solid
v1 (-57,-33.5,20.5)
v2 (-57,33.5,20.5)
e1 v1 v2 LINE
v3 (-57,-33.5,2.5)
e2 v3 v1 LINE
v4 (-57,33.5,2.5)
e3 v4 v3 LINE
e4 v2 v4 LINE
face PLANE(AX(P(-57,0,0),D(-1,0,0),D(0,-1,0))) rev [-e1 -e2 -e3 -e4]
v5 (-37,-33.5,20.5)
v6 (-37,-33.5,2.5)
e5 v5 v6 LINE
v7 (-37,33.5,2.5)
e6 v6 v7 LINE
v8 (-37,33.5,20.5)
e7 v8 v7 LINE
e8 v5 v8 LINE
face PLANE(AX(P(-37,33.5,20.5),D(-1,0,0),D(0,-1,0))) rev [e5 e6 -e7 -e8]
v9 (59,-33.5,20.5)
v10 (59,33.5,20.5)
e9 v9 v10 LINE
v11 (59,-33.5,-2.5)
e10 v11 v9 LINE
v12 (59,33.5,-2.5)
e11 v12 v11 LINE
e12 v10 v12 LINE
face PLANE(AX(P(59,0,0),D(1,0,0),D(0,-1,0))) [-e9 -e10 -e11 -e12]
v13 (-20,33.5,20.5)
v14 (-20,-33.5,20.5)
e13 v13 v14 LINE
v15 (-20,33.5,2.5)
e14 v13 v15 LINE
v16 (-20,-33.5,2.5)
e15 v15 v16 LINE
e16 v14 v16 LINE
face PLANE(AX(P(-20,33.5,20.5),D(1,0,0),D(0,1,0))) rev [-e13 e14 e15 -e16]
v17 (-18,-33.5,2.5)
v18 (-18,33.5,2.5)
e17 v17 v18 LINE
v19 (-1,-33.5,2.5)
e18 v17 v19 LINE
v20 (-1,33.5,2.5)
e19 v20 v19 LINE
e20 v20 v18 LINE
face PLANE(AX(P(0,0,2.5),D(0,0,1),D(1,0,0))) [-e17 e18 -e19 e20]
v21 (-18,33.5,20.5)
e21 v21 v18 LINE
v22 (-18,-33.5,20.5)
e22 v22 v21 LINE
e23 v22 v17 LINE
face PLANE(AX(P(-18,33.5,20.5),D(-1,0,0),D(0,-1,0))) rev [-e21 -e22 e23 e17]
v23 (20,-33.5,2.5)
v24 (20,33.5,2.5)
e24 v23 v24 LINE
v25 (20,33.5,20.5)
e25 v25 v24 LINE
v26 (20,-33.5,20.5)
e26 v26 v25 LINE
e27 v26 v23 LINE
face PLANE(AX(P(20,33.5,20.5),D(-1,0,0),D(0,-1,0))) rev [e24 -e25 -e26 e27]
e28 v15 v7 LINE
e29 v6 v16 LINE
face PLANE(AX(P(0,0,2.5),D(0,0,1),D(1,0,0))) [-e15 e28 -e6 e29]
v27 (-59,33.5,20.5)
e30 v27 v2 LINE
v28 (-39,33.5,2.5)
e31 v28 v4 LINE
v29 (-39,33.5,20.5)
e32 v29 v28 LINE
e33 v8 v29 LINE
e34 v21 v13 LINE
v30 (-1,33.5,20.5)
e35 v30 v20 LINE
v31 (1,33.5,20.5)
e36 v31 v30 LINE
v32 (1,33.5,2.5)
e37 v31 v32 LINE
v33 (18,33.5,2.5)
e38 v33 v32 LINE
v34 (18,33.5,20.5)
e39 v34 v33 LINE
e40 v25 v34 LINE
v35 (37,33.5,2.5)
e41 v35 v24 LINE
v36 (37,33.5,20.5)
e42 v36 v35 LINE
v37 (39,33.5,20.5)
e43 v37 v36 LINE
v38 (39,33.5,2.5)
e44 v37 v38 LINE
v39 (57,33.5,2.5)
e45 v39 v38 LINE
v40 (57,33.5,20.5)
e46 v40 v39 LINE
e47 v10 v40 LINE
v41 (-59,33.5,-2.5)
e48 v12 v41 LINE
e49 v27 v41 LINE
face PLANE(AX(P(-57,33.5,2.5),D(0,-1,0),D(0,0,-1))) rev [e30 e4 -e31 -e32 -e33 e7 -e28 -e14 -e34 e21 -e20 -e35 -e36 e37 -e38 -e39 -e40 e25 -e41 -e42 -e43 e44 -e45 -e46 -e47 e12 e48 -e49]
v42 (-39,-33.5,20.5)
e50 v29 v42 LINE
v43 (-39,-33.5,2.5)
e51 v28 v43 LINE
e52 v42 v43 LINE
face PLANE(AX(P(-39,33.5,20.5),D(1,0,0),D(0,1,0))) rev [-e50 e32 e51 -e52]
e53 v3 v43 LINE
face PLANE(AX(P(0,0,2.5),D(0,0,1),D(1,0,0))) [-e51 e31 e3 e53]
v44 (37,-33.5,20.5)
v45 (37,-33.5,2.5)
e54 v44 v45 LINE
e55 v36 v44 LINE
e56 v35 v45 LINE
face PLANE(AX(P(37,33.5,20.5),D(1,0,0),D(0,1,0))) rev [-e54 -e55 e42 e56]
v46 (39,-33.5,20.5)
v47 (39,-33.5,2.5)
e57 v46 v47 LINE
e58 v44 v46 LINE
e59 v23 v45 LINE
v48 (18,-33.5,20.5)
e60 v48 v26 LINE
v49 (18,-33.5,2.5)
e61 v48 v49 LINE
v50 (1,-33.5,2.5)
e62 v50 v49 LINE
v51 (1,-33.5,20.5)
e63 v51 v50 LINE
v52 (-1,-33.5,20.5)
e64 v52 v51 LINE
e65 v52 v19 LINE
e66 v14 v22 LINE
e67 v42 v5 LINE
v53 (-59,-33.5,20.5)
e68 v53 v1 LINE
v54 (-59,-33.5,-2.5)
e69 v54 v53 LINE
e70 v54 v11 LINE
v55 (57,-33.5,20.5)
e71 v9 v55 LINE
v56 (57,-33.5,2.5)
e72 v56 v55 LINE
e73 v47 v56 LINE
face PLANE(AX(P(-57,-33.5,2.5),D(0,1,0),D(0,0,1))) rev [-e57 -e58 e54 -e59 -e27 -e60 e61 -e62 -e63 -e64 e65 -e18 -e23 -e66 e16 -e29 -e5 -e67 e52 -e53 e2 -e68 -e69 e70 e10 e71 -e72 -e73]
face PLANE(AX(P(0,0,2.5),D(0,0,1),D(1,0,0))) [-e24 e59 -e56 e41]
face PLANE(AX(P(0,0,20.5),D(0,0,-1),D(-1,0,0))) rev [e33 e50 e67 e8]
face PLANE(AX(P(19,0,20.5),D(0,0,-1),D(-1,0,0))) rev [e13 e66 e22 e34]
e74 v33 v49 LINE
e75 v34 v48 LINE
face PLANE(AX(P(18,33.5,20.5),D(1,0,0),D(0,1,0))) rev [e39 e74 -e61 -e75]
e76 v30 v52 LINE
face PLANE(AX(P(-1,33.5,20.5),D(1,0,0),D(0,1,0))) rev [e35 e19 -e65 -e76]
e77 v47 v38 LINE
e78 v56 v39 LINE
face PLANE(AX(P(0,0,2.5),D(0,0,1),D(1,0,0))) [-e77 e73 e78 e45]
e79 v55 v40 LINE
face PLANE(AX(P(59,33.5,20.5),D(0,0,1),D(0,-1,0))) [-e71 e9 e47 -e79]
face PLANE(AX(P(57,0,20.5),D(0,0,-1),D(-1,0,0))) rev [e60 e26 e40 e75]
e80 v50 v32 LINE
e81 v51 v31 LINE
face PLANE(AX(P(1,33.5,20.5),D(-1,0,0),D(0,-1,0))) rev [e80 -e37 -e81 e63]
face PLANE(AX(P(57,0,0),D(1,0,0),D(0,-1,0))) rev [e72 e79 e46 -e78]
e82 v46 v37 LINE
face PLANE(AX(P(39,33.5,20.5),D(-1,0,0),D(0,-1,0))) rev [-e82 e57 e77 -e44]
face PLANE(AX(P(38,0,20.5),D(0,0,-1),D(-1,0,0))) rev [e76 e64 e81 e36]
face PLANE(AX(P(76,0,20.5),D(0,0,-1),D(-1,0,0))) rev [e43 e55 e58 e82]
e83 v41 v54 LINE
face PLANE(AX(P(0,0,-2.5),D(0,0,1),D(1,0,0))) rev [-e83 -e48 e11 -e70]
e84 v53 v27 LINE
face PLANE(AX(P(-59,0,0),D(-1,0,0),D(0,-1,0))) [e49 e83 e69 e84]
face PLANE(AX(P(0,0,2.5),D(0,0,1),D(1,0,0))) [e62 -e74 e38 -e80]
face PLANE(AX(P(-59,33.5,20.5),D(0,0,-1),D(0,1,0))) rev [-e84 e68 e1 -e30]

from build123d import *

# Parameters (mm, degrees)
SKETCH1_W           = 114
SKETCH1_H           = 67
BOSS_EXTRUDE1_DEPTH = 2.5
SKETCH2_W           = 2
SKETCH2_H           = 67
BOSS_EXTRUDE2_DEPTH = 18
LPATTERN1_COUNT     = 5
LPATTERN1_PITCH     = 19
SKETCH3_W           = 23
SKETCH3_H           = 67
BOSS_EXTRUDE3_DEPTH = 2


with BuildPart() as part:
    # Sketch1 → Boss-Extrude1 (new body, symmetric)
    with BuildSketch(Plane.XY):
        Rectangle(SKETCH1_W, SKETCH1_H)
    extrude(amount=BOSS_EXTRUDE1_DEPTH, both=True)

    # Sketch2 → Boss-Extrude2 (add)
    with BuildSketch(Plane.XY.offset(2.5)):
        with Locations((-38, 0)):
            Rectangle(SKETCH2_W, SKETCH2_H)
    boss_extrude2 = extrude(amount=BOSS_EXTRUDE2_DEPTH)

    # LPattern1: Boss-Extrude2 ×5
    with Locations(*[(i * LPATTERN1_PITCH, 0, 0) for i in range(1, LPATTERN1_COUNT)]):
        add(boss_extrude2)

    # Sketch3 → Boss-Extrude3 (add)
    with BuildSketch(Plane.ZY.offset(57)):
        with Locations((9, 0)):
            Rectangle(SKETCH3_W, SKETCH3_H)
    boss_extrude3 = extrude(amount=BOSS_EXTRUDE3_DEPTH)

    # Mirror1: Boss-Extrude3 across plane
    add(boss_extrude3.mirror(Plane(origin=(0, 0, 0), x_dir=(0, 0, 1), z_dir=(1, 0, 0))))


solid = part.part
